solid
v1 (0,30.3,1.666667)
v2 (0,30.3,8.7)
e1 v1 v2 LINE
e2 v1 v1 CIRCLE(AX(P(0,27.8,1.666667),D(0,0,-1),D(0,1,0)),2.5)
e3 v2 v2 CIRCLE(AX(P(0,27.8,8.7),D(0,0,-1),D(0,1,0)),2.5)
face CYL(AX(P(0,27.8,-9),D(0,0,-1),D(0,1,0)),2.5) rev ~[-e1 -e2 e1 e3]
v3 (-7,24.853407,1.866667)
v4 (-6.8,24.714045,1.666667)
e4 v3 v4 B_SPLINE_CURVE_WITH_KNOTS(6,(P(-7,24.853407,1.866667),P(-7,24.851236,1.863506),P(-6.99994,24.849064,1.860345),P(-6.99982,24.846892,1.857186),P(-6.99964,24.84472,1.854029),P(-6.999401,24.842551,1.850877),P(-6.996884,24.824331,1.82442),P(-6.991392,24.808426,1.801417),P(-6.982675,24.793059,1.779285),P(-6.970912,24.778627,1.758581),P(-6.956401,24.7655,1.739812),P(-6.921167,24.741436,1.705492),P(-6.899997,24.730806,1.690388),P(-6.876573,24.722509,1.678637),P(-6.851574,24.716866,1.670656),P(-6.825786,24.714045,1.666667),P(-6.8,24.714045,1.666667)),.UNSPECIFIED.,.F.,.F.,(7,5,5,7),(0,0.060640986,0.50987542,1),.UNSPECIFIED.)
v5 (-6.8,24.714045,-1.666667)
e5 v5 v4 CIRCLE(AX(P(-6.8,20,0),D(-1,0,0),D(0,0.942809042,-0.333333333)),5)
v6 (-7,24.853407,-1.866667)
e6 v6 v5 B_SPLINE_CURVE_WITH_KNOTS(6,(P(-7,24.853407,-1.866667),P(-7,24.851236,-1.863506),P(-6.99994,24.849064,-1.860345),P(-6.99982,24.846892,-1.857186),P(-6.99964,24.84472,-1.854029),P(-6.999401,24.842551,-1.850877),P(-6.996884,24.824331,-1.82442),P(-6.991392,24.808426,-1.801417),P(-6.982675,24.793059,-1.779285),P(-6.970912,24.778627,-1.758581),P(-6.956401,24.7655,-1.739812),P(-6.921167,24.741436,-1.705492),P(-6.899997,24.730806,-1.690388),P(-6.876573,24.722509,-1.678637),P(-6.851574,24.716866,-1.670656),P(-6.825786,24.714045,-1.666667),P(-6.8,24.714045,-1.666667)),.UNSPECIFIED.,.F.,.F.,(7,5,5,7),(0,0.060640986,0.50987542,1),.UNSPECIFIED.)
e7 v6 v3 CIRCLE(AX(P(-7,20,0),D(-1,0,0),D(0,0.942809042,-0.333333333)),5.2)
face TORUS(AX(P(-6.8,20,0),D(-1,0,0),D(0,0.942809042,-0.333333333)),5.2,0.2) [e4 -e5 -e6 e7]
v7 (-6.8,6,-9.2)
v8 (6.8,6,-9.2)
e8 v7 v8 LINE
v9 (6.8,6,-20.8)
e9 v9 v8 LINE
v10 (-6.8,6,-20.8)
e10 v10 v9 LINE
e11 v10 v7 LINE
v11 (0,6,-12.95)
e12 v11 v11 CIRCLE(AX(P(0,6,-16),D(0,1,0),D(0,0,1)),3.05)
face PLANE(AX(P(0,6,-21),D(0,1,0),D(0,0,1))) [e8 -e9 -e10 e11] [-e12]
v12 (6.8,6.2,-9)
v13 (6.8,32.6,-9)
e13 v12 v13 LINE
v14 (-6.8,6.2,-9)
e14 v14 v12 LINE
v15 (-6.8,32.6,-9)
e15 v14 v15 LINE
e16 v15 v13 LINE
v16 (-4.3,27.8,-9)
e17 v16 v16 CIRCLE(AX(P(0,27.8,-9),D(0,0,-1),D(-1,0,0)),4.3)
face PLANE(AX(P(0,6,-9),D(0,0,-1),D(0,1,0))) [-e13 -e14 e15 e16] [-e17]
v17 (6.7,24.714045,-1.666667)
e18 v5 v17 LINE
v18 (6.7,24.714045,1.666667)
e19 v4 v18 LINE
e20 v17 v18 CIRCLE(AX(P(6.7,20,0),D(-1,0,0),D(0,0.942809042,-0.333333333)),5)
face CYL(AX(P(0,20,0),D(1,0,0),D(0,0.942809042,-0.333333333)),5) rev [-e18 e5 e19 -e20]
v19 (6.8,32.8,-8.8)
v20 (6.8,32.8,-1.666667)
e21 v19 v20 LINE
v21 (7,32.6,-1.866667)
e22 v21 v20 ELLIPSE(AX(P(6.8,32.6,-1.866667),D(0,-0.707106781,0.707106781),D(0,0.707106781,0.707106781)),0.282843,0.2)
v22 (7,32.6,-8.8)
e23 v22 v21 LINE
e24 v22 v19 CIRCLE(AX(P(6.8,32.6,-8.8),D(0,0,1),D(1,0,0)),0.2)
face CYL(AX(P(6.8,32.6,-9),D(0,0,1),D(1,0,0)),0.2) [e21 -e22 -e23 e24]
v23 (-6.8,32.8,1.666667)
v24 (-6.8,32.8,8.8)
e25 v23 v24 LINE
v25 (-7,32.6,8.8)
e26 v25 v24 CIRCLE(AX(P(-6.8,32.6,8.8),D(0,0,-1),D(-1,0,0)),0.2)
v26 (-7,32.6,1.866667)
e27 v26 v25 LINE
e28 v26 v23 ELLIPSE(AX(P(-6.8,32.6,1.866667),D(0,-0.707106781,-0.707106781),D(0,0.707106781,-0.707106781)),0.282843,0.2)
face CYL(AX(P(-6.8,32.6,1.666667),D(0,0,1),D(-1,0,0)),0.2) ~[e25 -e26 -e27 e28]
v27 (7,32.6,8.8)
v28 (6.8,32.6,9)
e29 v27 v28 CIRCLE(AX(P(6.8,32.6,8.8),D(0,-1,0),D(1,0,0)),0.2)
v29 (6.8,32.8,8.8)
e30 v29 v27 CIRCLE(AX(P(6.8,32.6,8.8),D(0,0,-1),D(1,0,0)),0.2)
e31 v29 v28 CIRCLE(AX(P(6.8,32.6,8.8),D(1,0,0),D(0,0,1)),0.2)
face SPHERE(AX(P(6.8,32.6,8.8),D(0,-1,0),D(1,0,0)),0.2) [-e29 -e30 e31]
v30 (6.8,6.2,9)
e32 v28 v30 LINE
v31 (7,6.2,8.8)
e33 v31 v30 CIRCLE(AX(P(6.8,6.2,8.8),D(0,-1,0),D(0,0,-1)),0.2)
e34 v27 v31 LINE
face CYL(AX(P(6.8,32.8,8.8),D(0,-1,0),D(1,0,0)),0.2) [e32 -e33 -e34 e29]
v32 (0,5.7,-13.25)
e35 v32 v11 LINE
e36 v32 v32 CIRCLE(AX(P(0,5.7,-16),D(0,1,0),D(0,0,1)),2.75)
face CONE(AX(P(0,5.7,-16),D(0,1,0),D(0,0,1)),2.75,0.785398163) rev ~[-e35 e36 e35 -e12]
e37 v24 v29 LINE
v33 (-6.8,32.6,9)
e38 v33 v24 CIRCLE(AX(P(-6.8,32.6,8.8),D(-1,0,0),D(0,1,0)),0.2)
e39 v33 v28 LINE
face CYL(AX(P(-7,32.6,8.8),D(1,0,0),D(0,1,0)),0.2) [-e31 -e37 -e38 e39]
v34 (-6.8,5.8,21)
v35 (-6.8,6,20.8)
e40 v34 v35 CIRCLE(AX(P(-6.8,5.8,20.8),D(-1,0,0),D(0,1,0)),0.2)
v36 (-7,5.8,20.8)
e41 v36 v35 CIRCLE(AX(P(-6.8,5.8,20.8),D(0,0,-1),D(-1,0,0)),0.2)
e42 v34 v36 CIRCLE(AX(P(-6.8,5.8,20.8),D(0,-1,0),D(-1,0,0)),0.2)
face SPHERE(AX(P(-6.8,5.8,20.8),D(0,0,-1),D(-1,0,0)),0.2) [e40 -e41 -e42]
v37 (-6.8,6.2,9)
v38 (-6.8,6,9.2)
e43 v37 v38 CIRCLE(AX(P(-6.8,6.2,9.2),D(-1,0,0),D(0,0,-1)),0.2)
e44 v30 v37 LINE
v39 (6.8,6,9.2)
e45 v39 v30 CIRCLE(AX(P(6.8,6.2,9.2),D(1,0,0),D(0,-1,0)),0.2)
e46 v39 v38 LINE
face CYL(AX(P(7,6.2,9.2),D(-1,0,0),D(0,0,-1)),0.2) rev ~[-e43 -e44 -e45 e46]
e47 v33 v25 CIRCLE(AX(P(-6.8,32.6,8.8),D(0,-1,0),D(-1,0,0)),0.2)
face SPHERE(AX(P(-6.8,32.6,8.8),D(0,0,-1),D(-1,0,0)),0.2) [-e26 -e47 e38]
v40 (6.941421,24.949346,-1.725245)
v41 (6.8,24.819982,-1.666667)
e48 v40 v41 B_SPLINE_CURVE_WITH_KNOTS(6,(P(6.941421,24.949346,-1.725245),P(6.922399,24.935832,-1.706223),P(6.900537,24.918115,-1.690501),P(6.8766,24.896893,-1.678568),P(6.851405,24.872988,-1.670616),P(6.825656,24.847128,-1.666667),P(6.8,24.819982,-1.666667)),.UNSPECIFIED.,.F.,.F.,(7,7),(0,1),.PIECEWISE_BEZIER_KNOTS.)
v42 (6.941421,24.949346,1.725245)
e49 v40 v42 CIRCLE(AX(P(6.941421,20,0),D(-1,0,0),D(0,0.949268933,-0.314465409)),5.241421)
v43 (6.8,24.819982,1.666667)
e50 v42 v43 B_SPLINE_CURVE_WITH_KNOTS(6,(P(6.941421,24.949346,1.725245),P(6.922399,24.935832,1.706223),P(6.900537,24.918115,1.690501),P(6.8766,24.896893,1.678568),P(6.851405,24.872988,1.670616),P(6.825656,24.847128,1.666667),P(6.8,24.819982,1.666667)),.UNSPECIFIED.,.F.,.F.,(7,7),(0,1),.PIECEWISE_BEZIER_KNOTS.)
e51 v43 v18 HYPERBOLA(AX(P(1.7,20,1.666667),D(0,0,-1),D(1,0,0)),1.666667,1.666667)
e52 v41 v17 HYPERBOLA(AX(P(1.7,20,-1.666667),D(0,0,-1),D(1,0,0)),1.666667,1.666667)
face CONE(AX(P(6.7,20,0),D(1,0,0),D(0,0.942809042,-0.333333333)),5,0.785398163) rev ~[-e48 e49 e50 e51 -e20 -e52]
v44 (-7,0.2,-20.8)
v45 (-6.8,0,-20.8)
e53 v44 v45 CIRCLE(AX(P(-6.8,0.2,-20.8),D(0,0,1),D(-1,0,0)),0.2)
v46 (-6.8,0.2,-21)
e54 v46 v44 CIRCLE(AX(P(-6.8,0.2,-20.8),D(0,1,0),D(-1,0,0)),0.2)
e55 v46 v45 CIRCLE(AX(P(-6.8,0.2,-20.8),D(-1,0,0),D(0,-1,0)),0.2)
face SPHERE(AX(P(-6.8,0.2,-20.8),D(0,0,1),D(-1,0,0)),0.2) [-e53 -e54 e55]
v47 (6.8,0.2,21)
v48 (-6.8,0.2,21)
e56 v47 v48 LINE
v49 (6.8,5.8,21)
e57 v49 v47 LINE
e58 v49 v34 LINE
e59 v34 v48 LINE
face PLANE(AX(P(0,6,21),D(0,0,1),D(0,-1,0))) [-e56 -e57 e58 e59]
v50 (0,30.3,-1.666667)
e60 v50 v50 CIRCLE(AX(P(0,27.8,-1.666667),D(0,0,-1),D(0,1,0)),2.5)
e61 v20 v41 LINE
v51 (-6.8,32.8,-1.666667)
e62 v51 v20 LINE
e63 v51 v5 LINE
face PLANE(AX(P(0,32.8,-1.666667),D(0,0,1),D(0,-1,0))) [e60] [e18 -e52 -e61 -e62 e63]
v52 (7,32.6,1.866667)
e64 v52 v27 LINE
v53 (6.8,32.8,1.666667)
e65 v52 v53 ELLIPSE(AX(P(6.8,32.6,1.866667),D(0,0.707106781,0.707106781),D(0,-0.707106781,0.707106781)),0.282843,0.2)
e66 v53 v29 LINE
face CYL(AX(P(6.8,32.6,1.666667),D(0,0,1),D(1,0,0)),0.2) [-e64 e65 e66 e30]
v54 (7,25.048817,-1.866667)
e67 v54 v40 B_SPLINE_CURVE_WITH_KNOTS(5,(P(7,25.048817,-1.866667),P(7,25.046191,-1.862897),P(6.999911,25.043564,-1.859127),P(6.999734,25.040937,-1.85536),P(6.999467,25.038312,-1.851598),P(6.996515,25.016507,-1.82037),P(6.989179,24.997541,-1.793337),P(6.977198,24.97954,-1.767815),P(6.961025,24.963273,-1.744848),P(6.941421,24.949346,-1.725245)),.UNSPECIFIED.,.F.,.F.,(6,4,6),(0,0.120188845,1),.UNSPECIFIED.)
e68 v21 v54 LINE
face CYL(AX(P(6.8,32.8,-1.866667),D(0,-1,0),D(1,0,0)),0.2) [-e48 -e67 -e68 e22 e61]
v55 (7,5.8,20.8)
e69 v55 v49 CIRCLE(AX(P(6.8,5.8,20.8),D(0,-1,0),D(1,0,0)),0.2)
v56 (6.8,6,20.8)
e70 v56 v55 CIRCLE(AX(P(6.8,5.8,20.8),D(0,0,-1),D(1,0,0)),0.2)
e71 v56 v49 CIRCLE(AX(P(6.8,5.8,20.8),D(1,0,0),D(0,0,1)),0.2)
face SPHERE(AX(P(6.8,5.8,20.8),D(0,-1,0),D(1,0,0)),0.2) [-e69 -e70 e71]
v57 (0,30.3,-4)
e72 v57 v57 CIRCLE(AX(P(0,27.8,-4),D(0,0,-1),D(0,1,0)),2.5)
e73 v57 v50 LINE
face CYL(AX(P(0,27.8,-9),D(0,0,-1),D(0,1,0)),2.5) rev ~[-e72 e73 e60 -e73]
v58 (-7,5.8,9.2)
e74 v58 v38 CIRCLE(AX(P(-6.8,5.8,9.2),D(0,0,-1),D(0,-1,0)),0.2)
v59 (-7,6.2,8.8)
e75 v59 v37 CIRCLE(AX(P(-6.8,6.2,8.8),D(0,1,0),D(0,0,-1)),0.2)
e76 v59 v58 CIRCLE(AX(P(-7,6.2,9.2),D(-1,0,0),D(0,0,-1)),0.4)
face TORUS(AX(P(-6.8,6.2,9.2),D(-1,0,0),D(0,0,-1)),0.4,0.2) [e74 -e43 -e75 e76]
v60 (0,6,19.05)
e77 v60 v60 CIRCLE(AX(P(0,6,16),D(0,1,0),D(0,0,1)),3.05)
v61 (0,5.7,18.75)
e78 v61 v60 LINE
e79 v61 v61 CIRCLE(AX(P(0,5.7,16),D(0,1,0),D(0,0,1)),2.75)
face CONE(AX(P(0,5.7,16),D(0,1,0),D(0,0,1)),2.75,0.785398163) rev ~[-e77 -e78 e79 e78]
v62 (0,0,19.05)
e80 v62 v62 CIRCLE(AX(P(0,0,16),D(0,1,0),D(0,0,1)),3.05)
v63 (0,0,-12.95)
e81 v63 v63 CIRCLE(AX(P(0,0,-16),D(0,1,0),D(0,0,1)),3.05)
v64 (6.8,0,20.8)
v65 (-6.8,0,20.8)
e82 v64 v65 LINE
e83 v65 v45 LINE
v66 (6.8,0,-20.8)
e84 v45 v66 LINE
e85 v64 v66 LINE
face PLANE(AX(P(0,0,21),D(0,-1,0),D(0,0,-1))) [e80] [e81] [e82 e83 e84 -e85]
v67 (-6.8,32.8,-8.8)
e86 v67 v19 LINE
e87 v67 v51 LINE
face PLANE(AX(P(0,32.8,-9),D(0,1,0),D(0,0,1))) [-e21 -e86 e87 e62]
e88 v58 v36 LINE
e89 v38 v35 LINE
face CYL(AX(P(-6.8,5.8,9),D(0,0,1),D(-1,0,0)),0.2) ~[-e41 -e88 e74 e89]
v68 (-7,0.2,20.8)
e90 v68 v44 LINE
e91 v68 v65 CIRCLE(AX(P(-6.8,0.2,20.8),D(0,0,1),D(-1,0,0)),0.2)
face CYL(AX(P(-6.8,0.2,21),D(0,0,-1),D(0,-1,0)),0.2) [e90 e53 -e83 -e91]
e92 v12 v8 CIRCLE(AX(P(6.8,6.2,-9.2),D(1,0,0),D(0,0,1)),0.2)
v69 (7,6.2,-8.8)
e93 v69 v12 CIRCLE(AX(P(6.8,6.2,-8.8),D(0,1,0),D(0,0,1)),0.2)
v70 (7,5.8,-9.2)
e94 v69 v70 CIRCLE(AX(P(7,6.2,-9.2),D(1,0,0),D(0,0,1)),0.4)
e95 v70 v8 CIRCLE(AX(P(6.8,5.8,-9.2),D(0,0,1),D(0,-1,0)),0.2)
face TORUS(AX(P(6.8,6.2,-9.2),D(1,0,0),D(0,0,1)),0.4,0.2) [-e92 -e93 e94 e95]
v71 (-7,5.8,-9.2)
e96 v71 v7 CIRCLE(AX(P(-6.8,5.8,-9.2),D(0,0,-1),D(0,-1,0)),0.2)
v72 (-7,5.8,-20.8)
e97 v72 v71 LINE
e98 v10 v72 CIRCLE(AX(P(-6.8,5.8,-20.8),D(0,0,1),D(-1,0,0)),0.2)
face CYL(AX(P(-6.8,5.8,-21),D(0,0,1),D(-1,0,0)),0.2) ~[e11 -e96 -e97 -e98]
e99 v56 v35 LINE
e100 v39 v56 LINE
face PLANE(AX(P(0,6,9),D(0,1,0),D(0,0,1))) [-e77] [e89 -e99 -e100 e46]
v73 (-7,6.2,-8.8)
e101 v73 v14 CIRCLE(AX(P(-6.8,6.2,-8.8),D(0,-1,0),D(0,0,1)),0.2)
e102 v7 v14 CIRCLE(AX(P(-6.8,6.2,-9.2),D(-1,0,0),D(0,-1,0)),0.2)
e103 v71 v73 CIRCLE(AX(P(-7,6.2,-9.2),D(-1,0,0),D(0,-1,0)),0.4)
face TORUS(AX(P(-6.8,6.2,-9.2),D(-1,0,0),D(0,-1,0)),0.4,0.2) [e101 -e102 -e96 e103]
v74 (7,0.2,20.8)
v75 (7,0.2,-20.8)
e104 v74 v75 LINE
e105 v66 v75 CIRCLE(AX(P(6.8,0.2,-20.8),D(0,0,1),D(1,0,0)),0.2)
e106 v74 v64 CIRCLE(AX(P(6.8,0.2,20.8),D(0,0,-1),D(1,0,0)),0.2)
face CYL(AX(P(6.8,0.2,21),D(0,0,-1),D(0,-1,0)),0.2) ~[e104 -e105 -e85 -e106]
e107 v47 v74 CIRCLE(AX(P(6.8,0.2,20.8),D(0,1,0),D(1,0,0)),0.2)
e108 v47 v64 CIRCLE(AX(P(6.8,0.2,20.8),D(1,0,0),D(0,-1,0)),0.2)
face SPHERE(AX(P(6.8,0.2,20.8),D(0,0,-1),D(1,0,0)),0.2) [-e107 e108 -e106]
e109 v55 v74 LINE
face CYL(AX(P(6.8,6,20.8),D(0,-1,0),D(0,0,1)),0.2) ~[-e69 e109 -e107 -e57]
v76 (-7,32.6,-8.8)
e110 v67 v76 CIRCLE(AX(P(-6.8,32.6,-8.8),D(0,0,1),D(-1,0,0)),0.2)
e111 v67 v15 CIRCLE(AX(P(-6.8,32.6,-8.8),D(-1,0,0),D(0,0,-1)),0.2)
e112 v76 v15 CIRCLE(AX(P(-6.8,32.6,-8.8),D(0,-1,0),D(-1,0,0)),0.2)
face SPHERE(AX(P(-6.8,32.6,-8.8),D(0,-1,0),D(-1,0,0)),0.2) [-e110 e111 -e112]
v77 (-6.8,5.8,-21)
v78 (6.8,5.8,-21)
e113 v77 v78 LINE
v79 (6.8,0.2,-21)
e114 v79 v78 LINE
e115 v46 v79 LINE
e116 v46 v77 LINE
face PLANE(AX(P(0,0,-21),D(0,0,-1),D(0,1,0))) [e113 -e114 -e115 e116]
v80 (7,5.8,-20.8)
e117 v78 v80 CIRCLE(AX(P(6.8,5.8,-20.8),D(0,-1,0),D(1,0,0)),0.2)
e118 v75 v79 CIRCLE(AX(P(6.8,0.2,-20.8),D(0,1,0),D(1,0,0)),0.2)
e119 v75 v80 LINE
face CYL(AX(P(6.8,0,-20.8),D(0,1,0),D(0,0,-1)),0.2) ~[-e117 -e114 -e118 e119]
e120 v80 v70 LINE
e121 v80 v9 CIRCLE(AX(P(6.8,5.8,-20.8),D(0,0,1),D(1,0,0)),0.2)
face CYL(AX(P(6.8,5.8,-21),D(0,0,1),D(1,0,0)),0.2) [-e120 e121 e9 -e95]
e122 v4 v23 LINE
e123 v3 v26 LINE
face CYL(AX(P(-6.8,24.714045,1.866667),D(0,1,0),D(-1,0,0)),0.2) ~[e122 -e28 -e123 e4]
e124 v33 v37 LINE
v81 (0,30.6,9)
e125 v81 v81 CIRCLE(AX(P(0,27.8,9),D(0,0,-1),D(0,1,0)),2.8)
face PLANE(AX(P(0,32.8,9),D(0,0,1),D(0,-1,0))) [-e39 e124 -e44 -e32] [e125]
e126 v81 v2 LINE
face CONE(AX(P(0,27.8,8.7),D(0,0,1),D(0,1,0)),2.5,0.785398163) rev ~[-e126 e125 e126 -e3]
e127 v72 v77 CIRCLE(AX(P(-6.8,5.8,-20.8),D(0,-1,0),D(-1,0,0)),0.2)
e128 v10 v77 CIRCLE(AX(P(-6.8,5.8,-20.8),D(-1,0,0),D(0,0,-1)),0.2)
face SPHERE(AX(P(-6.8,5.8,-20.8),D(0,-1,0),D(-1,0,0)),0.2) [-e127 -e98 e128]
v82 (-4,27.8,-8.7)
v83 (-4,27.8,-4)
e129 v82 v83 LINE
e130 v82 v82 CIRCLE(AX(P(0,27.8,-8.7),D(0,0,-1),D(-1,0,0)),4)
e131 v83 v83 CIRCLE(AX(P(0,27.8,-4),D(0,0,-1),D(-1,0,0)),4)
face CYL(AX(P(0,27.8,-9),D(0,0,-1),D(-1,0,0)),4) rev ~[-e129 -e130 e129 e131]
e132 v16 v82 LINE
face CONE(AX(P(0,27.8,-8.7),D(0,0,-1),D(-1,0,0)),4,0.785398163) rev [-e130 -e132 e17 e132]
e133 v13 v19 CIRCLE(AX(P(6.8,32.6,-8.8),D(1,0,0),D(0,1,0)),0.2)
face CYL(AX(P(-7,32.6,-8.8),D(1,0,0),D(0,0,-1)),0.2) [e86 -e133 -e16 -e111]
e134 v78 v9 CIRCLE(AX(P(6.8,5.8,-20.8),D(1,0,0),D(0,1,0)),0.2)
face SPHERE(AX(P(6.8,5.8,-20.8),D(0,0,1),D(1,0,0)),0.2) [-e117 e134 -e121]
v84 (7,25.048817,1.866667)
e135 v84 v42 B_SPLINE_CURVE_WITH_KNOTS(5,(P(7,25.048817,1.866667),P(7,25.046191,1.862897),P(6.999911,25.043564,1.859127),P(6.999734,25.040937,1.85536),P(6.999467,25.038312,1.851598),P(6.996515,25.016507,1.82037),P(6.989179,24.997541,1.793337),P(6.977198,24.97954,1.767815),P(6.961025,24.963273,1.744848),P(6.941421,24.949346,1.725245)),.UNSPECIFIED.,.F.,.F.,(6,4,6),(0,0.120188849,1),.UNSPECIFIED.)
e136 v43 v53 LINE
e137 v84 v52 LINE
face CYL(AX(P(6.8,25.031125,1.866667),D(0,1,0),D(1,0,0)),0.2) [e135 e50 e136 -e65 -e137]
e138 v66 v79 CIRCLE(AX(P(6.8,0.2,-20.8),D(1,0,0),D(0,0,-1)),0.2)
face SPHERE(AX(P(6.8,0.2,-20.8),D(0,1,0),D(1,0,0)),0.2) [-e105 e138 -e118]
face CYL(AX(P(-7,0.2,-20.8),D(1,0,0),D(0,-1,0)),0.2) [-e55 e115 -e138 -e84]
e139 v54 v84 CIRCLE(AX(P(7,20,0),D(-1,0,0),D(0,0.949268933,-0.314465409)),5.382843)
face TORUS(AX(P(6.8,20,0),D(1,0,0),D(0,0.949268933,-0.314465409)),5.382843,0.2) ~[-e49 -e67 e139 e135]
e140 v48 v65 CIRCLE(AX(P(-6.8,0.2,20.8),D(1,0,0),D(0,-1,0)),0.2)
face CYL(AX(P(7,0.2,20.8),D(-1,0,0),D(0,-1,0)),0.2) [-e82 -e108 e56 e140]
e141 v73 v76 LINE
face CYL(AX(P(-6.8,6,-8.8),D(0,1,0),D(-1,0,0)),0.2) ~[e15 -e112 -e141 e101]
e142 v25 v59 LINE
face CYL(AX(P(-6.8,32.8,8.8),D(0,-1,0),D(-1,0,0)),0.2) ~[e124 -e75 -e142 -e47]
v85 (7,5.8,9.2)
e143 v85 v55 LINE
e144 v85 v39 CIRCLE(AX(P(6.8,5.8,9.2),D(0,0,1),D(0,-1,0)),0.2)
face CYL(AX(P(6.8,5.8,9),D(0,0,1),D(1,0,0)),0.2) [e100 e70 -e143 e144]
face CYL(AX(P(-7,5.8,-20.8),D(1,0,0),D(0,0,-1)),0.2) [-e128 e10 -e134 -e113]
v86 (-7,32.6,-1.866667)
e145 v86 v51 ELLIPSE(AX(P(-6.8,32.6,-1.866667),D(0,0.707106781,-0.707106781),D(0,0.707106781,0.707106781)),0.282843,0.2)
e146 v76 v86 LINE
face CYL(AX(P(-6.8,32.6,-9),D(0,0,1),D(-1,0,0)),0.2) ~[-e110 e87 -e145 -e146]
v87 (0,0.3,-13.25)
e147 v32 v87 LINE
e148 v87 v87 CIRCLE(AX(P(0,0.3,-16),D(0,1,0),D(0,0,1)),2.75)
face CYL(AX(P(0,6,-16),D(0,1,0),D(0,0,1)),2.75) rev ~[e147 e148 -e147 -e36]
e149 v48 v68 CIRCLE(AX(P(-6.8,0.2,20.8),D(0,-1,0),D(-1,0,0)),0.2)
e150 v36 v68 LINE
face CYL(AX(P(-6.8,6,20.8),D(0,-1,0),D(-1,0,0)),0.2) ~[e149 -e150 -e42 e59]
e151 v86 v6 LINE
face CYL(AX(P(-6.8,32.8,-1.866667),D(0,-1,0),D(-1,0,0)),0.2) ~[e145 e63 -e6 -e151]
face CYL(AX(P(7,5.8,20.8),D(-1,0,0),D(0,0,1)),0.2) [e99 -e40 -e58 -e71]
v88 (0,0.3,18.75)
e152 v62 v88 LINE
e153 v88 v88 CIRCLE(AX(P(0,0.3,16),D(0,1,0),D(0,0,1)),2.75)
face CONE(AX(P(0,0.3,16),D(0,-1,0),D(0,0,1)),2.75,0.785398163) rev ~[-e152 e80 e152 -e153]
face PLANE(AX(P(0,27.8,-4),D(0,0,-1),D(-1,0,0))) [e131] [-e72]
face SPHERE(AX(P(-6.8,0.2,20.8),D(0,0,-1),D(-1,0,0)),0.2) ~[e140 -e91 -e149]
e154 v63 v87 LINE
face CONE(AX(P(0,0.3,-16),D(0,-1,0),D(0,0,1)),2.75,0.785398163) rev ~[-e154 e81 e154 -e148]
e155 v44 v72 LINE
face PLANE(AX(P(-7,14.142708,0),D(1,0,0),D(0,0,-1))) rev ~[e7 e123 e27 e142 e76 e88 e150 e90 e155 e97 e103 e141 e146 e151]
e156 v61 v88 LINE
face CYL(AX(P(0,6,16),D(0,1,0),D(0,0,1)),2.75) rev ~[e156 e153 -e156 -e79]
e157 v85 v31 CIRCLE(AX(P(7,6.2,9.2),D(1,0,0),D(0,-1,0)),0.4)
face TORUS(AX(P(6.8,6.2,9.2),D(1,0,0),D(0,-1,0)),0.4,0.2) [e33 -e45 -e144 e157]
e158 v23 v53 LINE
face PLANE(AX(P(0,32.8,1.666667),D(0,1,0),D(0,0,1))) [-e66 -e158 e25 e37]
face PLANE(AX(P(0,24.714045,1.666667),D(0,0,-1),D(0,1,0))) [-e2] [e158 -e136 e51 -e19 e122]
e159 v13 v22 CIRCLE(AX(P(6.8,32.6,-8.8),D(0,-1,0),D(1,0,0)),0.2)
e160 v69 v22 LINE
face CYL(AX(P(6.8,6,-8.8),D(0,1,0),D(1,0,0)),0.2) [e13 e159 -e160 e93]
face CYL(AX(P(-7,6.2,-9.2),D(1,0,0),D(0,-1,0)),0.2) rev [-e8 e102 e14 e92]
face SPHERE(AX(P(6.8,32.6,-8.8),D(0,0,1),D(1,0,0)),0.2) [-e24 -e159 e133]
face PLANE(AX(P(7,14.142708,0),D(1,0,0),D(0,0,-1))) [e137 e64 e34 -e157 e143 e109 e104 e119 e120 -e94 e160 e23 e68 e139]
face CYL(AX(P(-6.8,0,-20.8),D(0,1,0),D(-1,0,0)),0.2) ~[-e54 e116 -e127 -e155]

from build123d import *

# Parameters (mm, degrees)
BOSS_EXTRUDE1_DEPTH = 7
SKETCH2_R           = 2.75
CUT_EXTRUDE1_DEPTH  = 7
SKETCH3_R           = 2.5
CUT_EXTRUDE2_DEPTH  = 31
SKETCH4_R           = 4
CUT_EXTRUDE3_DEPTH  = 5
CHAMFER_1_SIZE      = 0.3
FILLET_1_R          = 0.2


with BuildPart() as part:
    # Sketch1 → Boss-Extrude1 (new body, symmetric)
    with BuildSketch(Plane(origin=(0, 0, 0), x_dir=(0, 0, -1), z_dir=(1, 0, 0))):
        with BuildLine():
            Line((-21, 0), (21, 0))
            Line((21, 0), (21, 6))
            Line((21, 6), (9, 6))
            Line((9, 6), (9, 32.8))
            Line((9, 32.8), (1.666666667, 32.8))
            Line((1.666666667, 32.8), (1.666666667, 24.714045208))
            ThreePointArc((1.666666667, 24.714045208), (0, 15), (-1.666666667, 24.714045208))
            Line((-1.666666667, 24.714045208), (-1.666666667, 32.8))
            Line((-1.666666667, 32.8), (-9, 32.8))
            Line((-9, 32.8), (-9, 6))
            Line((-9, 6), (-21, 6))
            Line((-21, 6), (-21, 0))
        make_face()
    extrude(amount=BOSS_EXTRUDE1_DEPTH, both=True)

    # Sketch2 → Cut-Extrude1 (cut, through all)
    with BuildSketch(Plane(origin=(0, 6, 0), x_dir=(1, 0, 0), z_dir=(0, 1, 0))):
        with Locations(Location((0, 16, 0), (0, 0, 270))):  # turned: the seam where the file's is
            Circle(SKETCH2_R)
        with Locations(Location((0, -16, 0), (0, 0, 270))):  # turned: the seam where the file's is
            Circle(SKETCH2_R)
    extrude(amount=-CUT_EXTRUDE1_DEPTH, mode=Mode.SUBTRACT)

    # Sketch3 → Cut-Extrude2 (cut, through all)
    with BuildSketch(Plane(origin=(0, 0, -9), x_dir=(-1, 0, 0), z_dir=(0, 0, -1))):
        with Locations(Location((0, 27.8, 0), (0, 0, 90))):  # turned: the seam where the file's is
            Circle(SKETCH3_R)
    extrude(amount=-CUT_EXTRUDE2_DEPTH, mode=Mode.SUBTRACT)

    # Sketch4 → Cut-Extrude3 (cut)
    with BuildSketch(Plane(origin=(0, 0, -9), x_dir=(-1, 0, 0), z_dir=(0, 0, -1))):
        with Locations((0, 27.8)):
            Circle(SKETCH4_R)
    extrude(amount=-CUT_EXTRUDE3_DEPTH, mode=Mode.SUBTRACT)

    # Фаска1
    chamfer_1_edges = [part.edges().sort_by_distance(p)[0] for p in [
        (7, 15, 0),
        (0, 0, -18.75),
        (0, 6, -18.75),
        (0, 0, 13.25),
        (0, 6, 13.25),
        (0, 25.3, 9),
        (4, 27.8, -9),
    ]]
    chamfer(chamfer_1_edges, length=CHAMFER_1_SIZE)

    # Скругление1
    fillet_1_edges = [part.edges().sort_by_distance(p)[0] for p in [
        (-7, 0, 0),
        (-7, 3, -21),
        (-7, 6, -15),
        (-7, 19.4, -9),
        (-7, 32.8, -5.333333333),
        (-7, 28.757022604, -1.666666667),
        (-7, 15, 0),
        (-7, 28.757022604, 1.666666667),
        (-7, 32.8, 5.333333333),
        (-7, 19.4, 9),
        (-7, 6, 15),
        (-7, 3, 21),
        (7, 32.8, -5.333333333),
        (7, 19.4, -9),
        (7, 6, -15),
        (7, 3, -21),
        (7, 0, 0),
        (7, 3, 21),
        (7, 6, 15),
        (7, 19.4, 9),
        (7, 32.8, 5.333333333),
        (7, 28.915562672, 1.666666667),
        (7, 14.7, 0),
        (7, 28.915562672, -1.666666667),
        (0, 0, 21),
        (0, 6, 21),
        (0, 6, 9),
        (0, 32.8, 9),
        (0, 0, -21),
        (0, 32.8, -9),
        (0, 6, -9),
        (0, 6, -21),
    ]]
    fillet(fillet_1_edges, radius=FILLET_1_R)


solid = part.part
